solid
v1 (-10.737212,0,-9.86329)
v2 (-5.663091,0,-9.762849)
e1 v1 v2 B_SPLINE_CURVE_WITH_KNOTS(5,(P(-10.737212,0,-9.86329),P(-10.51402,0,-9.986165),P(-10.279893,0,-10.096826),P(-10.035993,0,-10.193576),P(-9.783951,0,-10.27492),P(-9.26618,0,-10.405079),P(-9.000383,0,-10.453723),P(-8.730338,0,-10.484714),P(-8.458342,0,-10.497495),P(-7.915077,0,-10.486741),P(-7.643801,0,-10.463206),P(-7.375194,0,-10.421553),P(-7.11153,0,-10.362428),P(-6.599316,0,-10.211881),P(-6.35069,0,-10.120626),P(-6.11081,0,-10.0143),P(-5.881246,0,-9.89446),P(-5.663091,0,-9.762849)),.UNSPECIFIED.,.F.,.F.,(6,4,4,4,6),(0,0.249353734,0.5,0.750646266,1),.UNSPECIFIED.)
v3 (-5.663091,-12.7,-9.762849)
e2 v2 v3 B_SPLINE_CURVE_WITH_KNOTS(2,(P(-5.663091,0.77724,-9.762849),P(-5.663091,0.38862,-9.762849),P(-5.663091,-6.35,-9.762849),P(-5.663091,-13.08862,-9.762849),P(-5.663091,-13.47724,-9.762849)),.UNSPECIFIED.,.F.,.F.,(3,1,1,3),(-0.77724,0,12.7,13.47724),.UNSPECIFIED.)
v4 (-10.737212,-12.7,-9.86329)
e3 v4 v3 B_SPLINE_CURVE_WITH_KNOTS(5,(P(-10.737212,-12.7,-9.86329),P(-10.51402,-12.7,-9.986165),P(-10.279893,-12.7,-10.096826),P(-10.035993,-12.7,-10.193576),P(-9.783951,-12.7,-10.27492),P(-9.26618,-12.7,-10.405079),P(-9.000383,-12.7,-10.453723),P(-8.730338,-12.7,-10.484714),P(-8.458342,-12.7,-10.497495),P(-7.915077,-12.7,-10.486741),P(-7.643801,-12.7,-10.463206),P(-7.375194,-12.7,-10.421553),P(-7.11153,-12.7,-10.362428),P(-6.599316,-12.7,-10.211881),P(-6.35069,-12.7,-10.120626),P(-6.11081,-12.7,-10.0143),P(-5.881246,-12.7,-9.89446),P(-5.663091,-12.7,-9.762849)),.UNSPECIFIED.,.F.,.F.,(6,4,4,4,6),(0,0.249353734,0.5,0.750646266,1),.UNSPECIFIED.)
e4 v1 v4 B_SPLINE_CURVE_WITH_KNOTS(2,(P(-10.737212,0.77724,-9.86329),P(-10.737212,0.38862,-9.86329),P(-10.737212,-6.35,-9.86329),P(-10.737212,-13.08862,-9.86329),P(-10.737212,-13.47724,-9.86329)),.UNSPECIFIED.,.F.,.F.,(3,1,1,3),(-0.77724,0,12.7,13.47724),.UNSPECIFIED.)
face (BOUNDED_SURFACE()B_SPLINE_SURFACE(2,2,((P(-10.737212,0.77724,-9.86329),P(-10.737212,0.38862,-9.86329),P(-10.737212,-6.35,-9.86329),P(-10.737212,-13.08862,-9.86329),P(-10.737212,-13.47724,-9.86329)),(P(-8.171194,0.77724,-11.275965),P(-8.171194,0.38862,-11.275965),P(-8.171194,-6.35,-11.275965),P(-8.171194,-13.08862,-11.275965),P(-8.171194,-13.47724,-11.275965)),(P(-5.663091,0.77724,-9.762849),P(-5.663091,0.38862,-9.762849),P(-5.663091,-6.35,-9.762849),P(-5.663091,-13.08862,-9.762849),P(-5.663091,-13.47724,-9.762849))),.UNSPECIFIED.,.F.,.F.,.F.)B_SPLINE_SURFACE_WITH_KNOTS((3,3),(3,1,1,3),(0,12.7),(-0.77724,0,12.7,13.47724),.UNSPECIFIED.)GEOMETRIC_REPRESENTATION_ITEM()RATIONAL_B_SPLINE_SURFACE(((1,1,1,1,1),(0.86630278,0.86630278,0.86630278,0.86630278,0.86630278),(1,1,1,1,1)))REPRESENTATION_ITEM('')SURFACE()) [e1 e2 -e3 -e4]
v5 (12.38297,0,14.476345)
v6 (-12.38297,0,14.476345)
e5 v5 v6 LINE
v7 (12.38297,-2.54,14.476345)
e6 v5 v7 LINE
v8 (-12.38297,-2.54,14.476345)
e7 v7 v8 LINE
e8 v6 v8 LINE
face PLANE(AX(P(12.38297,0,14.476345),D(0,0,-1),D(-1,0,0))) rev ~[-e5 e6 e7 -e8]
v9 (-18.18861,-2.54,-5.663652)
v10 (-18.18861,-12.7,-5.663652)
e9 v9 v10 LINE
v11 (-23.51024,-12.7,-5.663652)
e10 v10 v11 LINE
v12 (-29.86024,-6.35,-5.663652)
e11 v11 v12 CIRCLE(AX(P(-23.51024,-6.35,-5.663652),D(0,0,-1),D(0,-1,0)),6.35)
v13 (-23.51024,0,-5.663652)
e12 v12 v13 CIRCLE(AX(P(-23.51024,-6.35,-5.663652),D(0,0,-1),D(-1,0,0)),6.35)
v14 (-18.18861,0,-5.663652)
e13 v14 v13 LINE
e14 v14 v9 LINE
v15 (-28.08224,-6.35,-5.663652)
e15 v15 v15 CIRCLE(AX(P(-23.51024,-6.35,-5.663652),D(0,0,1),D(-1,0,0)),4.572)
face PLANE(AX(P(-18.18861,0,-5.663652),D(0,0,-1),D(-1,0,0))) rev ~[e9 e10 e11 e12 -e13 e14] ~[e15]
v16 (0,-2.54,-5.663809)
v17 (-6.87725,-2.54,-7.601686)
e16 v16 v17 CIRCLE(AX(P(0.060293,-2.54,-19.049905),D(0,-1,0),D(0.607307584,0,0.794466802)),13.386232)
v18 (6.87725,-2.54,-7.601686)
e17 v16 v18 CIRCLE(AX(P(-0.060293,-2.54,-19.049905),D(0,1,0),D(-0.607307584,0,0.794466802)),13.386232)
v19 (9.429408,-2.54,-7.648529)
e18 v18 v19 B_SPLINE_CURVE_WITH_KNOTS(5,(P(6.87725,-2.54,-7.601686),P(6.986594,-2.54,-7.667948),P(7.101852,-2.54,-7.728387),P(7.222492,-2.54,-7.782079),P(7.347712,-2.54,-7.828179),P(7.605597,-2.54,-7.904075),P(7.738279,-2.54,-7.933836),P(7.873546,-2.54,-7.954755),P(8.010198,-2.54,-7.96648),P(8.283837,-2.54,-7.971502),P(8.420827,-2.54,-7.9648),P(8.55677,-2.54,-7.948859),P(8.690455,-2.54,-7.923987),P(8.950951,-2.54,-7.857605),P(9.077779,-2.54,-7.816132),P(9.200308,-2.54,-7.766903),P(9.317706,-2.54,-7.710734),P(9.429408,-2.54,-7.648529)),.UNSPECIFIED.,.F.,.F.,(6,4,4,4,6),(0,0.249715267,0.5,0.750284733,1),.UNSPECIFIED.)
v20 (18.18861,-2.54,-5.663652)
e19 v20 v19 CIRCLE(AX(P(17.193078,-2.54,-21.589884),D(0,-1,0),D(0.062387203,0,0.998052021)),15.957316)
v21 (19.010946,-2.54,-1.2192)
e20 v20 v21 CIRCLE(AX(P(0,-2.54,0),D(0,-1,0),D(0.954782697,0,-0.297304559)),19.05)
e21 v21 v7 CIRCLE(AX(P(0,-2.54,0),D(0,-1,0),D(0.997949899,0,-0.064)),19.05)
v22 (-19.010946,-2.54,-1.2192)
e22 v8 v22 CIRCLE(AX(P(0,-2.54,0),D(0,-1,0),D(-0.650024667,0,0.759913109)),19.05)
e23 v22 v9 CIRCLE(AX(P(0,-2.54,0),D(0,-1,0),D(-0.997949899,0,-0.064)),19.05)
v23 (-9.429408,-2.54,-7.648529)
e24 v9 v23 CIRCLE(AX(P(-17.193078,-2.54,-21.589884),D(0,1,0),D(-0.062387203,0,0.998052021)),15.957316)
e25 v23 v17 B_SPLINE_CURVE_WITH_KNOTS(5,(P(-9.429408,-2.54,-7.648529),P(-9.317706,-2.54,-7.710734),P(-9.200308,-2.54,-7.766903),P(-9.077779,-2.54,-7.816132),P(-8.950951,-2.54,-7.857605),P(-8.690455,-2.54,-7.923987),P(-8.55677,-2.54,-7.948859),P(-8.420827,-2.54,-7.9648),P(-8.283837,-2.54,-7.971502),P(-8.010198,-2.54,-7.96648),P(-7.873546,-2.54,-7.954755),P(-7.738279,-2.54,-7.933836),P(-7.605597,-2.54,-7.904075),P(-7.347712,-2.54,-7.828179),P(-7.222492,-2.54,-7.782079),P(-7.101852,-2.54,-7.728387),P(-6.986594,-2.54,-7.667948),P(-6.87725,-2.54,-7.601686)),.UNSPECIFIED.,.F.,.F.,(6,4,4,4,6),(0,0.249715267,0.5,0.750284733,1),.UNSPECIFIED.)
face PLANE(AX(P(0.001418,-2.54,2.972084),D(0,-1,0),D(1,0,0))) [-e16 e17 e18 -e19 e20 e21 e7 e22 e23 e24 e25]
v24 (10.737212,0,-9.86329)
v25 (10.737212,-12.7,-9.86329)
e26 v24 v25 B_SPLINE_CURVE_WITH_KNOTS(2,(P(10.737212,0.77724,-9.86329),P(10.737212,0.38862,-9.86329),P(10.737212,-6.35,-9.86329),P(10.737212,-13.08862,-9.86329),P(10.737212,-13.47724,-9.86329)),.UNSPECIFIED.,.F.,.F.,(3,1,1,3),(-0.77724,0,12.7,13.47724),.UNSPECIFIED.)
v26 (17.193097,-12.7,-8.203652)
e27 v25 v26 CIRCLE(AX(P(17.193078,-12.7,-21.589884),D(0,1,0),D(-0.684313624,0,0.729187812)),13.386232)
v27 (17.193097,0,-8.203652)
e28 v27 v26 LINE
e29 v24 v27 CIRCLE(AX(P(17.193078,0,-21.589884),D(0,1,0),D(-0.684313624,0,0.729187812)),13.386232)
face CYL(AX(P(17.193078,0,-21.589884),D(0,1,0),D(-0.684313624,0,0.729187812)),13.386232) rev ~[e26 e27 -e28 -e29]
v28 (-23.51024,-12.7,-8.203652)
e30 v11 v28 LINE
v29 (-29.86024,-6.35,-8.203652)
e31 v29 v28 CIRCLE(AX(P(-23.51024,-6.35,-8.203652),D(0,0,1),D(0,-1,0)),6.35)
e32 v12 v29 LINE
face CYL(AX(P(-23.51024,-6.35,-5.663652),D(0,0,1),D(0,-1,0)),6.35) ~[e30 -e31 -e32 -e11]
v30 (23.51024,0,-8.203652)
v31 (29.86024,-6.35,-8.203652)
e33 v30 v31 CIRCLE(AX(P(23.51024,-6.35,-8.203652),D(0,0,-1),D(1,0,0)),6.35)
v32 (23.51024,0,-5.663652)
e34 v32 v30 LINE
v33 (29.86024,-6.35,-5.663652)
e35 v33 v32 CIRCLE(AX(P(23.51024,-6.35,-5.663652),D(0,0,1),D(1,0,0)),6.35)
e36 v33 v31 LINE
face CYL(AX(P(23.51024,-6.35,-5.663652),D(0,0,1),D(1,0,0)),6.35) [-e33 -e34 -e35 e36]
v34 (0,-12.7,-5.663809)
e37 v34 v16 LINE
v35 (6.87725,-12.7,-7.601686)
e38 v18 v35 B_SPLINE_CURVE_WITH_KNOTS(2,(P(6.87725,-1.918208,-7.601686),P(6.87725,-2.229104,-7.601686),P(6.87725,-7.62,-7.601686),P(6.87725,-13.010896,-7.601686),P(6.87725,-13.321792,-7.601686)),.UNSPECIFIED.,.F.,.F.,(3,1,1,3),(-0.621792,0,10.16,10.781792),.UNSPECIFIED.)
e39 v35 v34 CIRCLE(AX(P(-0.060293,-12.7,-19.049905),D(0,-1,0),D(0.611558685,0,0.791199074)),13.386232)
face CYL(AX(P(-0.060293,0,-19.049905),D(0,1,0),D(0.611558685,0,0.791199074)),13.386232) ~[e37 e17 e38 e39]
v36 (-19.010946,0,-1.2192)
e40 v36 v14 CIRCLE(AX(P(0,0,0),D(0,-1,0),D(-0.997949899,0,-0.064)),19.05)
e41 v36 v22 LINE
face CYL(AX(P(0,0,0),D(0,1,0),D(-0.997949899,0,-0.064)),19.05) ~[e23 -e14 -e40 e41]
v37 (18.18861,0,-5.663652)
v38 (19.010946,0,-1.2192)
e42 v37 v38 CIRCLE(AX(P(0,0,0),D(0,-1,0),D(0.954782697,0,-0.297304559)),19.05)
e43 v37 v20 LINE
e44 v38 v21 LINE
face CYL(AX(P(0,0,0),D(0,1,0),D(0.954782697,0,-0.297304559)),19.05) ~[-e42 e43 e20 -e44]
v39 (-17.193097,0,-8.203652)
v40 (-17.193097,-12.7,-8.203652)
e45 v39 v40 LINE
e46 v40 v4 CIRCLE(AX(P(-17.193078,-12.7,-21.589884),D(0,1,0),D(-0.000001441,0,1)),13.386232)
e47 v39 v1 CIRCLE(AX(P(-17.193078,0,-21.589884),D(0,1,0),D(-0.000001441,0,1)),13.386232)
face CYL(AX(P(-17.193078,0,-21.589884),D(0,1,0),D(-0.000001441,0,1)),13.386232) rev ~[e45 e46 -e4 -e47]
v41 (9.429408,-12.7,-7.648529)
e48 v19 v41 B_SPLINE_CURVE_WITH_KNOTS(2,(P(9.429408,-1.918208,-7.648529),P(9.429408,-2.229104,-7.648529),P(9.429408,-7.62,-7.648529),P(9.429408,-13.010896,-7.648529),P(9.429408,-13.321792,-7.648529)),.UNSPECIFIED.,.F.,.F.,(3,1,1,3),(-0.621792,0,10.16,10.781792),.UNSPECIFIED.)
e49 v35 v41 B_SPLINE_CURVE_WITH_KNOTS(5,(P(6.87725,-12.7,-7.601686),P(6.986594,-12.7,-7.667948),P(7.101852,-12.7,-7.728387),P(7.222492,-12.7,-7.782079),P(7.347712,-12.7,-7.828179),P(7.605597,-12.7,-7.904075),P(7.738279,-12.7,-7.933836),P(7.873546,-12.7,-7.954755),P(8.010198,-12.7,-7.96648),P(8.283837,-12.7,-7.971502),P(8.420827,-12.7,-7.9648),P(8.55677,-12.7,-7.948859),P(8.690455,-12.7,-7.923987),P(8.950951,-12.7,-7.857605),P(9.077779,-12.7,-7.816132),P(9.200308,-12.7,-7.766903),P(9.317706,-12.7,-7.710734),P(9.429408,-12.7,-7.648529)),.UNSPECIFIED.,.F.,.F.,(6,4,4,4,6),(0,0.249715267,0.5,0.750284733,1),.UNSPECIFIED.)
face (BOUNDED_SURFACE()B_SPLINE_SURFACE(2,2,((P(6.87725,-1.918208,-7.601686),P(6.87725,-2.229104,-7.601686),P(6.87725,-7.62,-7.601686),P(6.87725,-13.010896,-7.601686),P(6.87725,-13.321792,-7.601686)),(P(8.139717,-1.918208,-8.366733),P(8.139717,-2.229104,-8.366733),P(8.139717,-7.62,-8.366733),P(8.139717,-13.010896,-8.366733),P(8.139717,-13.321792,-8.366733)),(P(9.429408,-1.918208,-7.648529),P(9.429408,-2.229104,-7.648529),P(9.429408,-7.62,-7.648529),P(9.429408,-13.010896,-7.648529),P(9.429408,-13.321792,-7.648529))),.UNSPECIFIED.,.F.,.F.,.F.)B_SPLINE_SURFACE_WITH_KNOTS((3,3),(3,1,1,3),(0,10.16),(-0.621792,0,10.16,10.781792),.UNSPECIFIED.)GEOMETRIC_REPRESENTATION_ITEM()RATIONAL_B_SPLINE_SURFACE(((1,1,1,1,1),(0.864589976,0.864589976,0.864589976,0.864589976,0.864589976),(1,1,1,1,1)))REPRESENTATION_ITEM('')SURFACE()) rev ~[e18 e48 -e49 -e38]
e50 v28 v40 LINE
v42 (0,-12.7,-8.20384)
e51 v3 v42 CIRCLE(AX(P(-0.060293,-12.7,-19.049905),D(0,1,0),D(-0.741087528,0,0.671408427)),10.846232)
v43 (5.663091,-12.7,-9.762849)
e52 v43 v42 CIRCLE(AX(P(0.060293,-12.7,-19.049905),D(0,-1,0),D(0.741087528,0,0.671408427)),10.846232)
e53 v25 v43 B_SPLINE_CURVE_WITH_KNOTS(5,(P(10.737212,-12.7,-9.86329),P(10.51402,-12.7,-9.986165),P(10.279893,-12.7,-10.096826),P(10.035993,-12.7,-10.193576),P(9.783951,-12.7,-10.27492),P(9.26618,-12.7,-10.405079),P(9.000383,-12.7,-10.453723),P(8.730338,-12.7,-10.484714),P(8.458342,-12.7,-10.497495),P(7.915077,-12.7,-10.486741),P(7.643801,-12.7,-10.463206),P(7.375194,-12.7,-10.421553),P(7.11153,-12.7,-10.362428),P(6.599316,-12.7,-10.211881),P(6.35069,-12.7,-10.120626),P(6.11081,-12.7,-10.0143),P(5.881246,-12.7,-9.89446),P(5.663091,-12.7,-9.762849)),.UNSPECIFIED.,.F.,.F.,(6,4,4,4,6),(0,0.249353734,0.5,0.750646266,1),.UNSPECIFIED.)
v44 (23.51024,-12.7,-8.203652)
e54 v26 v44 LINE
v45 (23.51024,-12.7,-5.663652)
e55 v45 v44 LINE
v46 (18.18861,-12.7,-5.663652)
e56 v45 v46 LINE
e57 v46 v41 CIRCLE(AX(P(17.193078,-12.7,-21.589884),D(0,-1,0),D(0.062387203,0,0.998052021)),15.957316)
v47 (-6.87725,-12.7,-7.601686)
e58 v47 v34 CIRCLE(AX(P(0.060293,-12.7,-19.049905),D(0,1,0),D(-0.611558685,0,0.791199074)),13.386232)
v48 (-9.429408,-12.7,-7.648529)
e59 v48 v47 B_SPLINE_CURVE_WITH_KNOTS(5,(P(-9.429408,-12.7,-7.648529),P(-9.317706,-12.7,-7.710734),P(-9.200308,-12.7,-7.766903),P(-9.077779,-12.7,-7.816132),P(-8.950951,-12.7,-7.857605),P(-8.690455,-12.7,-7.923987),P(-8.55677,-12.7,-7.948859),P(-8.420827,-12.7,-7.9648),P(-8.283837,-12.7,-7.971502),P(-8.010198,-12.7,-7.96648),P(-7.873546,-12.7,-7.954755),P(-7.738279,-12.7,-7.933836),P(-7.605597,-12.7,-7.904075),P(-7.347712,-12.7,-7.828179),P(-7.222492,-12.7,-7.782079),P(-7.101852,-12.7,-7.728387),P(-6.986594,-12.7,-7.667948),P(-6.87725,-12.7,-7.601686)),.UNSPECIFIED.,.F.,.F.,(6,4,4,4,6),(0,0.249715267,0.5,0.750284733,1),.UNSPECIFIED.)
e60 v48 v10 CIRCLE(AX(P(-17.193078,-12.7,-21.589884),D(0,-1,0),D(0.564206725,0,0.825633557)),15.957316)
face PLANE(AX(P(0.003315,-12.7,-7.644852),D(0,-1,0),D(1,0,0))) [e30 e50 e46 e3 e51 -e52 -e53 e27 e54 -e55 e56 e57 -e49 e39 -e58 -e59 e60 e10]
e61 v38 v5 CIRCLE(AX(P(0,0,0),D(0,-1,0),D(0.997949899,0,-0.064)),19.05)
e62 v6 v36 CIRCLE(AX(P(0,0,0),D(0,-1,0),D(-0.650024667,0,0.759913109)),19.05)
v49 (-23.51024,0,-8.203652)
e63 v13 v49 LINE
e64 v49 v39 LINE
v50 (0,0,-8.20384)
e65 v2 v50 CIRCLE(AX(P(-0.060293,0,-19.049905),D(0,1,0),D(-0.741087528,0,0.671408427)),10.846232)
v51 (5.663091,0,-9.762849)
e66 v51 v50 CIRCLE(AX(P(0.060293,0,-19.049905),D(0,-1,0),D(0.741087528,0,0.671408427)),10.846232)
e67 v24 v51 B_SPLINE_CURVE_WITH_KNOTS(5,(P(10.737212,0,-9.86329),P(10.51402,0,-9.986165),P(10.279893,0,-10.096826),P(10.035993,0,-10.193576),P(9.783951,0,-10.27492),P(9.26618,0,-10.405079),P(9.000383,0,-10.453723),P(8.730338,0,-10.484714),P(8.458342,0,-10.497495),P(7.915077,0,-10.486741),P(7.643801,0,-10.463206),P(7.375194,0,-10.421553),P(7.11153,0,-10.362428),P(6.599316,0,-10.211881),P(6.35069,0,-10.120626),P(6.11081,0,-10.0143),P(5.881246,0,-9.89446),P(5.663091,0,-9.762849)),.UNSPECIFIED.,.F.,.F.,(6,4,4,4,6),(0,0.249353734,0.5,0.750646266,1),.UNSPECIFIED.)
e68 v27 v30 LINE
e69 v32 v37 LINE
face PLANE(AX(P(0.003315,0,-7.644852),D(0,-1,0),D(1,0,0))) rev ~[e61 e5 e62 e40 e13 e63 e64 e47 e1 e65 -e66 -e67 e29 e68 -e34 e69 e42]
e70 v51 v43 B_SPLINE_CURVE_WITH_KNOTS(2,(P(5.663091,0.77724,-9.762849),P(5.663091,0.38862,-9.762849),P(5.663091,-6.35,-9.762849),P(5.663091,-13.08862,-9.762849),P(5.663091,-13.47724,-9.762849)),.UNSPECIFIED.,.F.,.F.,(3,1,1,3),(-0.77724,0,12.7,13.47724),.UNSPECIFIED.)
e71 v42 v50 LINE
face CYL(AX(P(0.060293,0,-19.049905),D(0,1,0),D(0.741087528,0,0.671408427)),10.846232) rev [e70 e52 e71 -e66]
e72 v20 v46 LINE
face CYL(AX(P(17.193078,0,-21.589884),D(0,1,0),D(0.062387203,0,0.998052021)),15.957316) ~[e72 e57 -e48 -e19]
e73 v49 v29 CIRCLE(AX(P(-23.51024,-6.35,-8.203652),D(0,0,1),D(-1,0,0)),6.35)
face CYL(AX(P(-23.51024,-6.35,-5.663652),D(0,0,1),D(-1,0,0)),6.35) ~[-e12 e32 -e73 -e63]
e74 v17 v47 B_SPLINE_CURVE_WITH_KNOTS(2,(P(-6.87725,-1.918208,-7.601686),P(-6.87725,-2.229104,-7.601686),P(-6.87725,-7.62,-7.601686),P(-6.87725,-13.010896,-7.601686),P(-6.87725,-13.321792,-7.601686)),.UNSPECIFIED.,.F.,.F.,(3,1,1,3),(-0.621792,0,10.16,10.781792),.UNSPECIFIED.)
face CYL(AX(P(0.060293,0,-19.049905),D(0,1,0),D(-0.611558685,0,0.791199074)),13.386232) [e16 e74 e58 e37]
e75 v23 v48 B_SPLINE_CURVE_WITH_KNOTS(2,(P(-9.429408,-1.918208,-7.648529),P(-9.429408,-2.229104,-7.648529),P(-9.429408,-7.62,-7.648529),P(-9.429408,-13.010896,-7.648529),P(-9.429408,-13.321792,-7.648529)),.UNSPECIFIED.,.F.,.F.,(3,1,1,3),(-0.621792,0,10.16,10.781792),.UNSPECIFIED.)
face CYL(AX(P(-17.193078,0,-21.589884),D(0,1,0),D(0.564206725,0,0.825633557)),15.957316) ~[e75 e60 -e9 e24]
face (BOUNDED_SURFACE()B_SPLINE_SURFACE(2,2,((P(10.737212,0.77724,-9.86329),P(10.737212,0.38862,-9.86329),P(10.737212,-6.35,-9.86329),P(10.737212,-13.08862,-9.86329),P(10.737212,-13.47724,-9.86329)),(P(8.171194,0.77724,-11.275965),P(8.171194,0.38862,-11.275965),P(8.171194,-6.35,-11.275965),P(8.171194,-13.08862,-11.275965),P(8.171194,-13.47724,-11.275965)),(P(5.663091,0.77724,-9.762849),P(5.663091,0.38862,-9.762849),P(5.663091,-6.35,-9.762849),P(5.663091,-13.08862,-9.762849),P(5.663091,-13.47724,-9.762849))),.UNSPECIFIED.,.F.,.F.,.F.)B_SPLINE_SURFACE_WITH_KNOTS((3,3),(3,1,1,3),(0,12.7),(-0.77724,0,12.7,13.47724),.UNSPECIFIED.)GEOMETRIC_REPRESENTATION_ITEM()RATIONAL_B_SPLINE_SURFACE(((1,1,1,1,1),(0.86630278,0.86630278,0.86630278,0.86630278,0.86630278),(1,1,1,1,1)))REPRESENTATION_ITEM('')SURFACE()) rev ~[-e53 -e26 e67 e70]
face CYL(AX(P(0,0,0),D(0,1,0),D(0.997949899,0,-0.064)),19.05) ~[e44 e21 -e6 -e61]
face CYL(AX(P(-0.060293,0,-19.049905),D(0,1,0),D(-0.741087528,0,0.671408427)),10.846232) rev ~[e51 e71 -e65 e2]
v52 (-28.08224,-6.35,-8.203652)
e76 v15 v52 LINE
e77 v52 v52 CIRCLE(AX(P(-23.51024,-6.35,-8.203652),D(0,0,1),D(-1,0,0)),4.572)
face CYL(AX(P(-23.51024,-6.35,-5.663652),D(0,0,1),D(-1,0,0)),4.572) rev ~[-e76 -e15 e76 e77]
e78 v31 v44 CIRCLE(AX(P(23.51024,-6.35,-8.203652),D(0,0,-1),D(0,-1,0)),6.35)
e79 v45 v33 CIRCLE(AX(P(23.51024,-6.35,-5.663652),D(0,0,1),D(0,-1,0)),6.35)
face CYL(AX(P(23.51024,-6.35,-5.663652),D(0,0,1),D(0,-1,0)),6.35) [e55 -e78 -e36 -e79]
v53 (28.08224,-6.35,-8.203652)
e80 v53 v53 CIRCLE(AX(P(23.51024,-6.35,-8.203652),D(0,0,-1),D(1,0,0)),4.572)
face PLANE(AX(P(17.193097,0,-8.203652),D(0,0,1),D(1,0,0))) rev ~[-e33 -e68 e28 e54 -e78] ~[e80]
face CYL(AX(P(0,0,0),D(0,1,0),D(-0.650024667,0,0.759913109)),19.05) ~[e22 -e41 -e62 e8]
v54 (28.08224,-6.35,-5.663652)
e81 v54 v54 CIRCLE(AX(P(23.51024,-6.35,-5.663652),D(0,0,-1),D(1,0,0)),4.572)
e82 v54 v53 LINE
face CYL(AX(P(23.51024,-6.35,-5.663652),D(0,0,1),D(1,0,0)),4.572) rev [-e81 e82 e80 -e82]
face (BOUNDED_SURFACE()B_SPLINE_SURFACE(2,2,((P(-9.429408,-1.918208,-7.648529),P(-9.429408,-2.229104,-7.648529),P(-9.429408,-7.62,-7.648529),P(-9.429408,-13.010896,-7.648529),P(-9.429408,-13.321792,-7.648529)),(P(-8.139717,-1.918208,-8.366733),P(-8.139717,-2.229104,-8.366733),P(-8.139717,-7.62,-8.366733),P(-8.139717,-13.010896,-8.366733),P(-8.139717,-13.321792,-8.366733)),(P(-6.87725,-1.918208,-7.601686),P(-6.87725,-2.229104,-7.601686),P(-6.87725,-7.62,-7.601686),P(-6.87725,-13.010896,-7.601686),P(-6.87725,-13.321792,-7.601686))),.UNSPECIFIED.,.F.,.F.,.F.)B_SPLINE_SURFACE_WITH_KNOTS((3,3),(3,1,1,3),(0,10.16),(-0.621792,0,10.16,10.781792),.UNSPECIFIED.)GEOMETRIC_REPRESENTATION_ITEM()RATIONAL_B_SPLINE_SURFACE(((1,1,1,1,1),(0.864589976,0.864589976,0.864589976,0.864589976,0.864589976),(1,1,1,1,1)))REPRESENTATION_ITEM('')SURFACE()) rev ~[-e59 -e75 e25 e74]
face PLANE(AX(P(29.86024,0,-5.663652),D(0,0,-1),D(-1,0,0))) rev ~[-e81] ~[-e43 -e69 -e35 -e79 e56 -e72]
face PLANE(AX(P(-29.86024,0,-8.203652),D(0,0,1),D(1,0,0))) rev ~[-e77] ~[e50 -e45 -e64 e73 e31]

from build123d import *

# Parameters (mm, degrees)
F1_DEPTH = 2.54
F2_DEPTH = 12.7
F3_R     = 5.08
F5_DEPTH = 25.4
F7_R     = 2.54


with BuildPart() as f1:
    # F0 (on Front) → F1 (new body)
    with BuildSketch(Plane.XZ):
        with BuildLine():
            Line((12.3829699, 14.4763447201), (-12.3829699, 14.4763447201))
            ThreePointArc((-12.3829699, 14.4763447201), (-17.5494163181, 7.4108357757), (-19.0109455672, -1.2192))
            ThreePointArc((-19.0109455672, -1.2192), (-18.7320588508, -3.4659012121), (-18.1886103823, -5.6636518574))
            ThreePointArc((-18.1886103823, -5.6636518574), (-12.9594922672, -6.2044133907), (-8.1898528707, -8.414987824))
            ThreePointArc((-8.1898528707, -8.414987824), (-0.0244050051, -5.6637208939), (8.1261735346, -8.4587303814))
            ThreePointArc((8.1261735346, -8.4587303814), (12.9222610069, -6.2147067253), (18.1886103823, -5.6636518574))
            ThreePointArc((18.1886103823, -5.6636518574), (18.7320588508, -3.4659012121), (19.0109455672, -1.2192))
            ThreePointArc((19.0109455672, -1.2192), (17.5494163181, 7.4108357757), (12.3829699, 14.4763447201))
        make_face()
    extrude(amount=F1_DEPTH)

    # F0 (on Front) → F2 (join)
    with BuildSketch(Plane.XZ):
        with BuildLine():
            ThreePointArc((-8.1898528707, -8.414987824), (-12.9594922672, -6.2044133907), (-18.1886103823, -5.6636518574))
            Line((-18.1886103823, -5.6636518574), (-29.86024, -5.6636518574))
            Line((-29.86024, -5.6636518574), (-29.86024, -8.2036518574))
            Line((-29.86024, -8.2036518574), (-17.1930973418, -8.2036518574))
            ThreePointArc((-17.1930973418, -8.2036518574), (-12.3090033163, -9.1264565308), (-8.0982998954, -11.7676531566))
            ThreePointArc((-8.0982998954, -11.7676531566), (-0.0191744615, -8.2037507277), (8.0326972664, -11.8288065861))
            ThreePointArc((8.0326972664, -11.8288065861), (12.2672793977, -9.1428876591), (17.1930973418, -8.2036518574))
            Line((17.1930973418, -8.2036518574), (29.86024, -8.2036518574))
            Line((29.86024, -8.2036518574), (29.86024, -5.6636518574))
            Line((29.86024, -5.6636518574), (18.1886103823, -5.6636518574))
            ThreePointArc((18.1886103823, -5.6636518574), (12.9222610069, -6.2147067253), (8.1261735346, -8.4587303814))
            ThreePointArc((8.1261735346, -8.4587303814), (-0.0244050051, -5.6637208939), (-8.1898528707, -8.414987824))
        make_face()
    extrude(amount=F2_DEPTH)

    # F3
    f3_edges = [f1.edges().sort_by_distance(p)[0] for p in [
        (-8.0983, -6.35, -11.767653),
        (8.032697, -6.35, -11.828807),
    ]]
    fillet(f3_edges, radius=F3_R)

    # F4 (on face) → F5 (cut)
    with BuildSketch(Plane.XY.offset(-5.6636518574)):
        with BuildLine():
            ThreePointArc((-18.93824, -6.35), (-23.51024, -1.778), (-28.08224, -6.35))
            ThreePointArc((-28.08224, -6.35), (-23.51024, -10.922), (-18.93824, -6.35))
        make_face()
        with BuildLine():
            Line((-29.86024, 0), (-29.86024, -6.35))
            ThreePointArc((-29.86024, -6.35), (-28.0003680605, -1.8598719395), (-23.51024, 0))
            Line((-23.51024, 0), (-29.86024, 0))
        make_face()
        with BuildLine():
            ThreePointArc((-23.51024, -12.7), (-28.0003680605, -10.8401280605), (-29.86024, -6.35))
            Line((-29.86024, -6.35), (-29.86024, -12.7))
            Line((-29.86024, -12.7), (-23.51024, -12.7))
        make_face()
    extrude(amount=-F5_DEPTH, mode=Mode.SUBTRACT)

    # F6: F1 across plane


with BuildPart() as f1_1:
    add(f1.part)
    add(f1.part.mirror(Plane.YZ), mode=Mode.INTERSECT)

    # F7
    f7_edges = [f1_1.edges().sort_by_distance(p)[0] for p in [
        (-8.126174, -7.62, -8.45873),
        (8.126174, -7.62, -8.45873),
    ]]
    fillet(f7_edges, radius=F7_R)


solid = f1_1.part
